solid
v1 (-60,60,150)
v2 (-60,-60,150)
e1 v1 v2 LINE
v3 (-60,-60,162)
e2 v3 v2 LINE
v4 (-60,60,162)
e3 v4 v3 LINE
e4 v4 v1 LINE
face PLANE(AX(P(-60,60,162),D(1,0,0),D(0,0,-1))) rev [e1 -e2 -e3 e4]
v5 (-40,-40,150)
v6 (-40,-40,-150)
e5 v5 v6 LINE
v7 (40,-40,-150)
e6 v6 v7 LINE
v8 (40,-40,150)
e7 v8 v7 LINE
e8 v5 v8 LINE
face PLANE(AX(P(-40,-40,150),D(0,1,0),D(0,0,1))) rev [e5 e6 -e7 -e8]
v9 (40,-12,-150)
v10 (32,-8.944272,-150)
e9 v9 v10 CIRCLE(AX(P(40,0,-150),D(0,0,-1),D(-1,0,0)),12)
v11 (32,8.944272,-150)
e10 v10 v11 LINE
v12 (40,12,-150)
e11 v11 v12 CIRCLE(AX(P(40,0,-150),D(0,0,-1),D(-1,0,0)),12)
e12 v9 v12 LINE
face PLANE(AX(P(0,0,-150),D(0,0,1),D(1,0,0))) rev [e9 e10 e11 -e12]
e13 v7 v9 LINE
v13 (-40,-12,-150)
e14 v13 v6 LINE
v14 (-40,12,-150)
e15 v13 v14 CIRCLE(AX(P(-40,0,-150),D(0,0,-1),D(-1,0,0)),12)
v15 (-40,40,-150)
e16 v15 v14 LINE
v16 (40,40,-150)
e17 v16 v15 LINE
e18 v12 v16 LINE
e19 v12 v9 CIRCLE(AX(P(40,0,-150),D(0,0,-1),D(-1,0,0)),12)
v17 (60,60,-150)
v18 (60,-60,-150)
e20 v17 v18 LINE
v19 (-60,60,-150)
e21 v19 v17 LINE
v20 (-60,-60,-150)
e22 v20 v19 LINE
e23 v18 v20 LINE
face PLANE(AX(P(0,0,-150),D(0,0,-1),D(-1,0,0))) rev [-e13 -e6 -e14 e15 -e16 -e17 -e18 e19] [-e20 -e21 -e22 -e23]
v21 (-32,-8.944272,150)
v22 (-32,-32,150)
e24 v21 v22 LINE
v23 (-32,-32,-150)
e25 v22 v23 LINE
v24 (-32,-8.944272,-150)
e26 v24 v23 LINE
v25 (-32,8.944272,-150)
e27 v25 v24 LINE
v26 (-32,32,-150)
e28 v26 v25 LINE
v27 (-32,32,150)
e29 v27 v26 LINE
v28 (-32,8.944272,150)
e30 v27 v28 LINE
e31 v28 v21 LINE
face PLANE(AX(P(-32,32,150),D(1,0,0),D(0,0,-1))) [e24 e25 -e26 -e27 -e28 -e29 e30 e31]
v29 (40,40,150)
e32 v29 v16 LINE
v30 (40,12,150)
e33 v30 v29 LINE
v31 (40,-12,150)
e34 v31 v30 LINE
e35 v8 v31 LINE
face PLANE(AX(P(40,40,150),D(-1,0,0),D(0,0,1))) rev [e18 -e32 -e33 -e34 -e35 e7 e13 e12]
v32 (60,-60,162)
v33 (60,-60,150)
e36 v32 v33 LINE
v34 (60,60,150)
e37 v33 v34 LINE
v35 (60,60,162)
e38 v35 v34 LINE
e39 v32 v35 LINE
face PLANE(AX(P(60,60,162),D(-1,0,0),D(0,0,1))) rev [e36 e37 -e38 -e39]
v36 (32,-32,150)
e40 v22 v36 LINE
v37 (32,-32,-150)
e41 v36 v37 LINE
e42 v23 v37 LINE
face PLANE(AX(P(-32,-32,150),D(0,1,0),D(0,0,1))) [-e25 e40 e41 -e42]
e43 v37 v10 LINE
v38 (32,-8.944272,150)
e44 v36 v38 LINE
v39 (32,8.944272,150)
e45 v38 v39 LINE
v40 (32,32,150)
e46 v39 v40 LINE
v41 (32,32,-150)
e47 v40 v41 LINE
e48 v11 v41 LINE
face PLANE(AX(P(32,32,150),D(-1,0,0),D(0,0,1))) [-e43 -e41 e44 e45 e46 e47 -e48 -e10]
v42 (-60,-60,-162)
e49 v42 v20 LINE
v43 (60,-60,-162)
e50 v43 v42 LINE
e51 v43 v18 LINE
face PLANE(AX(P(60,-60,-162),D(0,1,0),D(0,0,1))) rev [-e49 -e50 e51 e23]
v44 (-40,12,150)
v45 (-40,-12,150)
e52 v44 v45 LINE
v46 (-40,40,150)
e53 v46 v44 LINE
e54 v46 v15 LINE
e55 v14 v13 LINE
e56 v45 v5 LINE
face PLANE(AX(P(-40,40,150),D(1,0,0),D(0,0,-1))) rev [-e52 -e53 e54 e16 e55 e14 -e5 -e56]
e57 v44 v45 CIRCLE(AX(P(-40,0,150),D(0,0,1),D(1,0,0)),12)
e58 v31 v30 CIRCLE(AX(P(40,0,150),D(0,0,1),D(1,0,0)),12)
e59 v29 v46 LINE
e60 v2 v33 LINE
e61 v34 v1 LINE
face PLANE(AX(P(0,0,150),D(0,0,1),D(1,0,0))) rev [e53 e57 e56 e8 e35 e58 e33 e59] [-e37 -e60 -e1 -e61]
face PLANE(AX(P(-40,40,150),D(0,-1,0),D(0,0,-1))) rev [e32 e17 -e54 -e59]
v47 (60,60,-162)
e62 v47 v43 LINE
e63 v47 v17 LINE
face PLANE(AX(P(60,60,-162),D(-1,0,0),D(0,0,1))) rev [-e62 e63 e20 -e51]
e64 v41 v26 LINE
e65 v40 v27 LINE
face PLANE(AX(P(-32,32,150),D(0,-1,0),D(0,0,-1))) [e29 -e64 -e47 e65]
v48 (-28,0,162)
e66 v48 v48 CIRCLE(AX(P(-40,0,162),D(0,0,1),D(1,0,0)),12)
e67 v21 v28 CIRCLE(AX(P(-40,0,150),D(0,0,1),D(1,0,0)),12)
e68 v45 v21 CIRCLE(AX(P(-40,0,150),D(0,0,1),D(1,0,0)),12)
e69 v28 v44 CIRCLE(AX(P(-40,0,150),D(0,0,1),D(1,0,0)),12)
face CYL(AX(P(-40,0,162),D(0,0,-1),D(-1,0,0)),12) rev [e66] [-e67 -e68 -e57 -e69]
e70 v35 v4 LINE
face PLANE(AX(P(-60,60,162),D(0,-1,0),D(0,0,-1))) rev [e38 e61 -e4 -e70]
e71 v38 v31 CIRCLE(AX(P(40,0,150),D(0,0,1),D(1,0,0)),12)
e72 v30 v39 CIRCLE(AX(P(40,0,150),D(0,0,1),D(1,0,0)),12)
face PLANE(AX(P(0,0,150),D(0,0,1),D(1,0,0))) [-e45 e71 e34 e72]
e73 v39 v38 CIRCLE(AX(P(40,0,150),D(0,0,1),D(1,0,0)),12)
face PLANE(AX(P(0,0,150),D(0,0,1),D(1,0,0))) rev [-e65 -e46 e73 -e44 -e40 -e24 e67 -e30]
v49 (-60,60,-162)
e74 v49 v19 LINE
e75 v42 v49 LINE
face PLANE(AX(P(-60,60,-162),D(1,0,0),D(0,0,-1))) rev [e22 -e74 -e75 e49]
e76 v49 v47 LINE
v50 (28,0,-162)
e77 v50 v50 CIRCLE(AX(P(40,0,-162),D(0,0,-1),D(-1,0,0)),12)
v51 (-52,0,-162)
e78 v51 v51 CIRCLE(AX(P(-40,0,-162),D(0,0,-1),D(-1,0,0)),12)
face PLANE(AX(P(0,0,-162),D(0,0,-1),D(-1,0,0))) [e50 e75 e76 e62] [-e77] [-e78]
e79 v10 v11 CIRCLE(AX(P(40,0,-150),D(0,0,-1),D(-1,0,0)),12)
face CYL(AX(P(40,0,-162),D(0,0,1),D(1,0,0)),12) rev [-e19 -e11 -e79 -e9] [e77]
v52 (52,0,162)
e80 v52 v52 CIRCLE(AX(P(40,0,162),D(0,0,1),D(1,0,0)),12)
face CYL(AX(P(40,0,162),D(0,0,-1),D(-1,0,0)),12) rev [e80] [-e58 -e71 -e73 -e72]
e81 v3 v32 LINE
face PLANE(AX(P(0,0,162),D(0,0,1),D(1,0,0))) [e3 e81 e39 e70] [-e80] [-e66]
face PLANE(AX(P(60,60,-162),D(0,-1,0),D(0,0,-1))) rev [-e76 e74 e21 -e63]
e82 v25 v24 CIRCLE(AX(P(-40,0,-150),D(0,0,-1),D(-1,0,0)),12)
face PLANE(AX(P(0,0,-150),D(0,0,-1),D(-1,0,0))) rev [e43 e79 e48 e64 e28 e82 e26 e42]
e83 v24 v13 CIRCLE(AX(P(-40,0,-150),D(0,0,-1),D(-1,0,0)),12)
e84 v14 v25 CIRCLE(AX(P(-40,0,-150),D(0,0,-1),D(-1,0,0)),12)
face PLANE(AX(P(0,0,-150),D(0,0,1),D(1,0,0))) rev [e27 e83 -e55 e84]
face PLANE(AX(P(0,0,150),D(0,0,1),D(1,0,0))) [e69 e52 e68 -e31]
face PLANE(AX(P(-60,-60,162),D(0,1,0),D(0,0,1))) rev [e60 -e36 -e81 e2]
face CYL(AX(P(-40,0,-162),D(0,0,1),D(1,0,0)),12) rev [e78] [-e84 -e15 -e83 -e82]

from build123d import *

# Parameters (mm, degrees)
SKETCH_8_W      = 80
SKETCH_8_H      = 80
SKETCH_8_W_2    = 64
SKETCH_8_H_2    = 64
EXTRUDE_1_DEPTH = 150
SKETCH_9_W      = 120
SKETCH_9_H      = 120
SKETCH_9_R      = 12
EXTRUDE_2_DEPTH = 12
EXTRUDE_START   = 12
SKETCH_10_W     = 120
SKETCH_10_H     = 120
SKETCH_10_R     = 12
EXTRUDE_3_DEPTH = 12


with BuildPart() as part:
    # 草图8 → 凸台-拉伸1 (new, symmetric)
    with BuildSketch(Plane.XY):
        Rectangle(SKETCH_8_W, SKETCH_8_H)
        Rectangle(SKETCH_8_W_2, SKETCH_8_H_2, mode=Mode.SUBTRACT)
    extrude(amount=EXTRUDE_1_DEPTH, both=True)

    # 草图9 → 凸台-拉伸2 (add)
    with BuildSketch(Plane.XY.offset(150)):
        Rectangle(SKETCH_9_W, SKETCH_9_H)
        with Locations(Location((40, 0, 0), (0, 0, 228.189685104))):
            Circle(SKETCH_9_R, mode=Mode.SUBTRACT)
        with Locations(Location((-40, 0, 0), (0, 0, 270))):
            Circle(SKETCH_9_R, mode=Mode.SUBTRACT)
    extrude(amount=EXTRUDE_2_DEPTH)

    # 草图10 → 凸台-拉伸3 (add)
    with BuildSketch(Plane(origin=(0, 0, -150), x_dir=(-1, 0, 0), z_dir=(0, 0, -1)).offset(EXTRUDE_START)):
        Rectangle(SKETCH_10_W, SKETCH_10_H)
        with Locations(Location((40, 0, 0), (0, 0, 270))):
            Circle(SKETCH_10_R, mode=Mode.SUBTRACT)
        with Locations(Location((-40, 0, 0), (0, 0, 311.810314896))):
            Circle(SKETCH_10_R, mode=Mode.SUBTRACT)
    extrude(amount=-EXTRUDE_3_DEPTH)


solid = part.part
